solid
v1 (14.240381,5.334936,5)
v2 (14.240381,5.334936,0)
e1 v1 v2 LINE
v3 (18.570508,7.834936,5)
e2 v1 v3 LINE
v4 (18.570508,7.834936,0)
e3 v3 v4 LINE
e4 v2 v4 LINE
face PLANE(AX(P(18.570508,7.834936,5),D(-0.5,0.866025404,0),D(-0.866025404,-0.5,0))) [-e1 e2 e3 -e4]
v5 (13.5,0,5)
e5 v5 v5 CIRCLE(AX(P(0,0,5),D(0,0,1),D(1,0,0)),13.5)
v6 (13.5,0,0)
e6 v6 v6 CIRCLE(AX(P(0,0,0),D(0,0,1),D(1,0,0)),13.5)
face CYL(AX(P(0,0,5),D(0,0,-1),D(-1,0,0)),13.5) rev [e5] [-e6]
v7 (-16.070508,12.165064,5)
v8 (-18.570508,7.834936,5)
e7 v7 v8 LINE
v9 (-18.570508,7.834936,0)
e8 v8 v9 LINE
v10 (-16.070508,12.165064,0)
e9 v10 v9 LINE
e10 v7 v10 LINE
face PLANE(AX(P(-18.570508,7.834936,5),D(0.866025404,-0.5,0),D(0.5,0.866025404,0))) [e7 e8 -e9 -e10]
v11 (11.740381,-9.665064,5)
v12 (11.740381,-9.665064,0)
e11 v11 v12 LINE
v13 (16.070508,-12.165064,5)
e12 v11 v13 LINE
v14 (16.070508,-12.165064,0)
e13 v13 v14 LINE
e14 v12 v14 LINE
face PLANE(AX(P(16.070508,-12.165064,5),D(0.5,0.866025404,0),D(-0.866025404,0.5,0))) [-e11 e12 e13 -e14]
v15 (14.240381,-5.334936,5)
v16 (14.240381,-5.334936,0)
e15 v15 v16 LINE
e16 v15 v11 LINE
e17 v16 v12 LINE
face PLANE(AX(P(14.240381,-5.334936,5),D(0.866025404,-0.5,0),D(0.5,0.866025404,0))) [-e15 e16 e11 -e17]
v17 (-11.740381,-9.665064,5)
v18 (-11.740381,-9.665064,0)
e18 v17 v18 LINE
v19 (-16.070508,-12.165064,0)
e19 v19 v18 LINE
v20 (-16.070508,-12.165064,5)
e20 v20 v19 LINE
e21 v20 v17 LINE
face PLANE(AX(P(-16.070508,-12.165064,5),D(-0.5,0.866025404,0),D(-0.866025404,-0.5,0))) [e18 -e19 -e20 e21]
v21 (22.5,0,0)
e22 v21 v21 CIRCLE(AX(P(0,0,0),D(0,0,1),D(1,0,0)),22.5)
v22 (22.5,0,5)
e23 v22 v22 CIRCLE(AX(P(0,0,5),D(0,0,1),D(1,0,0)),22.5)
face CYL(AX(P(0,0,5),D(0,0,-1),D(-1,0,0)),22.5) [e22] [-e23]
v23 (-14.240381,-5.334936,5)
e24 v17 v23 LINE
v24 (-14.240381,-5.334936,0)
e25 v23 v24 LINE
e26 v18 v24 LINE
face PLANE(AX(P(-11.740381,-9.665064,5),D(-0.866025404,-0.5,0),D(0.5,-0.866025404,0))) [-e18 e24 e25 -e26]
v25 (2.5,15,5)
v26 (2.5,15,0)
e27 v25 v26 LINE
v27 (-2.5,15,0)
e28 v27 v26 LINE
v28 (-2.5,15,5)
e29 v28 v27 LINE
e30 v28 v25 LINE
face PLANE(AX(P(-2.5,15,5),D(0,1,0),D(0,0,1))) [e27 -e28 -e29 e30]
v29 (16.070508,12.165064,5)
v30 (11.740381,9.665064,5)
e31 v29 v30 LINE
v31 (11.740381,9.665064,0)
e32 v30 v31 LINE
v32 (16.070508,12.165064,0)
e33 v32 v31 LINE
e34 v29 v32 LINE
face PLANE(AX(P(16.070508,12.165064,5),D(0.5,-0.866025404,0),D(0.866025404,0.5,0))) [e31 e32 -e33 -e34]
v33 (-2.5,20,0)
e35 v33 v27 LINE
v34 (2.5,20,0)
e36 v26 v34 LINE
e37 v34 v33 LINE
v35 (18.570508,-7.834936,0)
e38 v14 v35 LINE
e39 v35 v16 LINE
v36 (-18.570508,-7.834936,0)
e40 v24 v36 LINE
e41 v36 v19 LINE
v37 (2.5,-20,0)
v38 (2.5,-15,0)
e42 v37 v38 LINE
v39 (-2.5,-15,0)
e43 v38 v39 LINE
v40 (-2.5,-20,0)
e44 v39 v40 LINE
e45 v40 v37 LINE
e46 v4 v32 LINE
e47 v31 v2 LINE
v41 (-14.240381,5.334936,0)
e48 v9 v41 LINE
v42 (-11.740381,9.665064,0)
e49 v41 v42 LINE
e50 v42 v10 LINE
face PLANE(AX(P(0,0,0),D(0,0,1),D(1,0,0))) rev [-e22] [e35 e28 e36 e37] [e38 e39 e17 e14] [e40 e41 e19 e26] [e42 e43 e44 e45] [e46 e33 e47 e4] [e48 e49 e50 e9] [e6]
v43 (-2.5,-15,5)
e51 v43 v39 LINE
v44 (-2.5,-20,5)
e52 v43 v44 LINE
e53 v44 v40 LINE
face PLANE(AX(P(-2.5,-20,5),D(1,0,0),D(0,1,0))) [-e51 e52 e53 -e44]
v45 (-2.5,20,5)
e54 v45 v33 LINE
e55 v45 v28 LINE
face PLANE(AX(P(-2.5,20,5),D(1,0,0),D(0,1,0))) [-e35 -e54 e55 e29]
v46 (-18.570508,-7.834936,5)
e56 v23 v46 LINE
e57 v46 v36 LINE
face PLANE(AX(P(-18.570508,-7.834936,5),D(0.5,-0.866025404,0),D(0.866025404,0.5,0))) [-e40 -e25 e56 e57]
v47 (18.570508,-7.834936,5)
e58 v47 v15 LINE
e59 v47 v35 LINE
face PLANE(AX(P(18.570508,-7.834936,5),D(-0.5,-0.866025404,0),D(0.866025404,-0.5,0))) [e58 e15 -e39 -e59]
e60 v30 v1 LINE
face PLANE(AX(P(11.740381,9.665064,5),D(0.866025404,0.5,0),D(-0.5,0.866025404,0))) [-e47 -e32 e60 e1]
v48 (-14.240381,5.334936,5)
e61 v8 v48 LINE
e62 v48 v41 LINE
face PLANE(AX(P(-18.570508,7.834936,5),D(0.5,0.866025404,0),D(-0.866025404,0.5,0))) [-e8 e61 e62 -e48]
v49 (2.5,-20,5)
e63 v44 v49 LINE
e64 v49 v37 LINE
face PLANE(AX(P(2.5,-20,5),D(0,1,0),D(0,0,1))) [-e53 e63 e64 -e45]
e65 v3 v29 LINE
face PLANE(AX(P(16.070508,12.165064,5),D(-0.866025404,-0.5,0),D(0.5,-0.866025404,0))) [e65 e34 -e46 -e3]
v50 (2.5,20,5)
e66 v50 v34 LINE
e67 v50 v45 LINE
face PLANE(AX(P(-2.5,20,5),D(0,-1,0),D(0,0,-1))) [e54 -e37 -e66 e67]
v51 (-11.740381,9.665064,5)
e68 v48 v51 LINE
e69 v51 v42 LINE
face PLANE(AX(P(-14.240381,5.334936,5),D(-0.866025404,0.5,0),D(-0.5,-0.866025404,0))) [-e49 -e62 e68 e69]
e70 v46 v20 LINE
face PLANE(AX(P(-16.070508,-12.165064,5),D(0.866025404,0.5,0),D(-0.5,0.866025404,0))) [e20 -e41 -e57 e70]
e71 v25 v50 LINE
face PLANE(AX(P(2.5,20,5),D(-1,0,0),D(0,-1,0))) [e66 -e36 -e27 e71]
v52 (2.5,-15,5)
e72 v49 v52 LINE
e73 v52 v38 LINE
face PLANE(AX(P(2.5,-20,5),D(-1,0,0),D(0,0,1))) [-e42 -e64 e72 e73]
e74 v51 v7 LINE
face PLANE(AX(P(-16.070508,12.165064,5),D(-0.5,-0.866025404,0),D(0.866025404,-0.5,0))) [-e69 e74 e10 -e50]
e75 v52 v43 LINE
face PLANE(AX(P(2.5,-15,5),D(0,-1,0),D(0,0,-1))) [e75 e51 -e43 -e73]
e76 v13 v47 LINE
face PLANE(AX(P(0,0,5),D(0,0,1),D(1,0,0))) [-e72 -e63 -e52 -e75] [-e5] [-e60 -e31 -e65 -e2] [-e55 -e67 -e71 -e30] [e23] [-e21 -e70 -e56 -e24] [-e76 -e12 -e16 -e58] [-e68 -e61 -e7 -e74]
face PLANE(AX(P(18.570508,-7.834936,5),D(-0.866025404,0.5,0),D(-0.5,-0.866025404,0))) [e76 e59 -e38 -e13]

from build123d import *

# Parameters (mm, degrees)
SKETCH1_R           = 22.5
SKETCH1_R_2         = 13.5
SKETCH1_W           = 5
SKETCH1_H           = 5
BOSS_EXTRUDE1_DEPTH = 5


with BuildPart() as part:
    # Sketch1 → Boss-Extrude1 (new body)
    with BuildSketch(Plane.XY):
        Circle(SKETCH1_R)
        Circle(SKETCH1_R_2, mode=Mode.SUBTRACT)
        with Locations((0, 17.5)):
            Rectangle(SKETCH1_W, SKETCH1_H, mode=Mode.SUBTRACT)
        Polygon((18.570508076, 7.834936491), (14.240381057, 5.334936491), (11.740381057, 9.665063509), (16.070508076, 12.165063509), align=None, mode=Mode.SUBTRACT)
        Polygon((16.070508076, -12.165063509), (11.740381057, -9.665063509), (14.240381057, -5.334936491), (18.570508076, -7.834936491), align=None, mode=Mode.SUBTRACT)
        with Locations((0, -17.5)):
            Rectangle(SKETCH1_W, SKETCH1_H, mode=Mode.SUBTRACT)
        Polygon((-18.570508076, -7.834936491), (-14.240381057, -5.334936491), (-11.740381057, -9.665063509), (-16.070508076, -12.165063509), align=None, mode=Mode.SUBTRACT)
        Polygon((-16.070508076, 12.165063509), (-11.740381057, 9.665063509), (-14.240381057, 5.334936491), (-18.570508076, 7.834936491), align=None, mode=Mode.SUBTRACT)
    extrude(amount=BOSS_EXTRUDE1_DEPTH)


solid = part.part
